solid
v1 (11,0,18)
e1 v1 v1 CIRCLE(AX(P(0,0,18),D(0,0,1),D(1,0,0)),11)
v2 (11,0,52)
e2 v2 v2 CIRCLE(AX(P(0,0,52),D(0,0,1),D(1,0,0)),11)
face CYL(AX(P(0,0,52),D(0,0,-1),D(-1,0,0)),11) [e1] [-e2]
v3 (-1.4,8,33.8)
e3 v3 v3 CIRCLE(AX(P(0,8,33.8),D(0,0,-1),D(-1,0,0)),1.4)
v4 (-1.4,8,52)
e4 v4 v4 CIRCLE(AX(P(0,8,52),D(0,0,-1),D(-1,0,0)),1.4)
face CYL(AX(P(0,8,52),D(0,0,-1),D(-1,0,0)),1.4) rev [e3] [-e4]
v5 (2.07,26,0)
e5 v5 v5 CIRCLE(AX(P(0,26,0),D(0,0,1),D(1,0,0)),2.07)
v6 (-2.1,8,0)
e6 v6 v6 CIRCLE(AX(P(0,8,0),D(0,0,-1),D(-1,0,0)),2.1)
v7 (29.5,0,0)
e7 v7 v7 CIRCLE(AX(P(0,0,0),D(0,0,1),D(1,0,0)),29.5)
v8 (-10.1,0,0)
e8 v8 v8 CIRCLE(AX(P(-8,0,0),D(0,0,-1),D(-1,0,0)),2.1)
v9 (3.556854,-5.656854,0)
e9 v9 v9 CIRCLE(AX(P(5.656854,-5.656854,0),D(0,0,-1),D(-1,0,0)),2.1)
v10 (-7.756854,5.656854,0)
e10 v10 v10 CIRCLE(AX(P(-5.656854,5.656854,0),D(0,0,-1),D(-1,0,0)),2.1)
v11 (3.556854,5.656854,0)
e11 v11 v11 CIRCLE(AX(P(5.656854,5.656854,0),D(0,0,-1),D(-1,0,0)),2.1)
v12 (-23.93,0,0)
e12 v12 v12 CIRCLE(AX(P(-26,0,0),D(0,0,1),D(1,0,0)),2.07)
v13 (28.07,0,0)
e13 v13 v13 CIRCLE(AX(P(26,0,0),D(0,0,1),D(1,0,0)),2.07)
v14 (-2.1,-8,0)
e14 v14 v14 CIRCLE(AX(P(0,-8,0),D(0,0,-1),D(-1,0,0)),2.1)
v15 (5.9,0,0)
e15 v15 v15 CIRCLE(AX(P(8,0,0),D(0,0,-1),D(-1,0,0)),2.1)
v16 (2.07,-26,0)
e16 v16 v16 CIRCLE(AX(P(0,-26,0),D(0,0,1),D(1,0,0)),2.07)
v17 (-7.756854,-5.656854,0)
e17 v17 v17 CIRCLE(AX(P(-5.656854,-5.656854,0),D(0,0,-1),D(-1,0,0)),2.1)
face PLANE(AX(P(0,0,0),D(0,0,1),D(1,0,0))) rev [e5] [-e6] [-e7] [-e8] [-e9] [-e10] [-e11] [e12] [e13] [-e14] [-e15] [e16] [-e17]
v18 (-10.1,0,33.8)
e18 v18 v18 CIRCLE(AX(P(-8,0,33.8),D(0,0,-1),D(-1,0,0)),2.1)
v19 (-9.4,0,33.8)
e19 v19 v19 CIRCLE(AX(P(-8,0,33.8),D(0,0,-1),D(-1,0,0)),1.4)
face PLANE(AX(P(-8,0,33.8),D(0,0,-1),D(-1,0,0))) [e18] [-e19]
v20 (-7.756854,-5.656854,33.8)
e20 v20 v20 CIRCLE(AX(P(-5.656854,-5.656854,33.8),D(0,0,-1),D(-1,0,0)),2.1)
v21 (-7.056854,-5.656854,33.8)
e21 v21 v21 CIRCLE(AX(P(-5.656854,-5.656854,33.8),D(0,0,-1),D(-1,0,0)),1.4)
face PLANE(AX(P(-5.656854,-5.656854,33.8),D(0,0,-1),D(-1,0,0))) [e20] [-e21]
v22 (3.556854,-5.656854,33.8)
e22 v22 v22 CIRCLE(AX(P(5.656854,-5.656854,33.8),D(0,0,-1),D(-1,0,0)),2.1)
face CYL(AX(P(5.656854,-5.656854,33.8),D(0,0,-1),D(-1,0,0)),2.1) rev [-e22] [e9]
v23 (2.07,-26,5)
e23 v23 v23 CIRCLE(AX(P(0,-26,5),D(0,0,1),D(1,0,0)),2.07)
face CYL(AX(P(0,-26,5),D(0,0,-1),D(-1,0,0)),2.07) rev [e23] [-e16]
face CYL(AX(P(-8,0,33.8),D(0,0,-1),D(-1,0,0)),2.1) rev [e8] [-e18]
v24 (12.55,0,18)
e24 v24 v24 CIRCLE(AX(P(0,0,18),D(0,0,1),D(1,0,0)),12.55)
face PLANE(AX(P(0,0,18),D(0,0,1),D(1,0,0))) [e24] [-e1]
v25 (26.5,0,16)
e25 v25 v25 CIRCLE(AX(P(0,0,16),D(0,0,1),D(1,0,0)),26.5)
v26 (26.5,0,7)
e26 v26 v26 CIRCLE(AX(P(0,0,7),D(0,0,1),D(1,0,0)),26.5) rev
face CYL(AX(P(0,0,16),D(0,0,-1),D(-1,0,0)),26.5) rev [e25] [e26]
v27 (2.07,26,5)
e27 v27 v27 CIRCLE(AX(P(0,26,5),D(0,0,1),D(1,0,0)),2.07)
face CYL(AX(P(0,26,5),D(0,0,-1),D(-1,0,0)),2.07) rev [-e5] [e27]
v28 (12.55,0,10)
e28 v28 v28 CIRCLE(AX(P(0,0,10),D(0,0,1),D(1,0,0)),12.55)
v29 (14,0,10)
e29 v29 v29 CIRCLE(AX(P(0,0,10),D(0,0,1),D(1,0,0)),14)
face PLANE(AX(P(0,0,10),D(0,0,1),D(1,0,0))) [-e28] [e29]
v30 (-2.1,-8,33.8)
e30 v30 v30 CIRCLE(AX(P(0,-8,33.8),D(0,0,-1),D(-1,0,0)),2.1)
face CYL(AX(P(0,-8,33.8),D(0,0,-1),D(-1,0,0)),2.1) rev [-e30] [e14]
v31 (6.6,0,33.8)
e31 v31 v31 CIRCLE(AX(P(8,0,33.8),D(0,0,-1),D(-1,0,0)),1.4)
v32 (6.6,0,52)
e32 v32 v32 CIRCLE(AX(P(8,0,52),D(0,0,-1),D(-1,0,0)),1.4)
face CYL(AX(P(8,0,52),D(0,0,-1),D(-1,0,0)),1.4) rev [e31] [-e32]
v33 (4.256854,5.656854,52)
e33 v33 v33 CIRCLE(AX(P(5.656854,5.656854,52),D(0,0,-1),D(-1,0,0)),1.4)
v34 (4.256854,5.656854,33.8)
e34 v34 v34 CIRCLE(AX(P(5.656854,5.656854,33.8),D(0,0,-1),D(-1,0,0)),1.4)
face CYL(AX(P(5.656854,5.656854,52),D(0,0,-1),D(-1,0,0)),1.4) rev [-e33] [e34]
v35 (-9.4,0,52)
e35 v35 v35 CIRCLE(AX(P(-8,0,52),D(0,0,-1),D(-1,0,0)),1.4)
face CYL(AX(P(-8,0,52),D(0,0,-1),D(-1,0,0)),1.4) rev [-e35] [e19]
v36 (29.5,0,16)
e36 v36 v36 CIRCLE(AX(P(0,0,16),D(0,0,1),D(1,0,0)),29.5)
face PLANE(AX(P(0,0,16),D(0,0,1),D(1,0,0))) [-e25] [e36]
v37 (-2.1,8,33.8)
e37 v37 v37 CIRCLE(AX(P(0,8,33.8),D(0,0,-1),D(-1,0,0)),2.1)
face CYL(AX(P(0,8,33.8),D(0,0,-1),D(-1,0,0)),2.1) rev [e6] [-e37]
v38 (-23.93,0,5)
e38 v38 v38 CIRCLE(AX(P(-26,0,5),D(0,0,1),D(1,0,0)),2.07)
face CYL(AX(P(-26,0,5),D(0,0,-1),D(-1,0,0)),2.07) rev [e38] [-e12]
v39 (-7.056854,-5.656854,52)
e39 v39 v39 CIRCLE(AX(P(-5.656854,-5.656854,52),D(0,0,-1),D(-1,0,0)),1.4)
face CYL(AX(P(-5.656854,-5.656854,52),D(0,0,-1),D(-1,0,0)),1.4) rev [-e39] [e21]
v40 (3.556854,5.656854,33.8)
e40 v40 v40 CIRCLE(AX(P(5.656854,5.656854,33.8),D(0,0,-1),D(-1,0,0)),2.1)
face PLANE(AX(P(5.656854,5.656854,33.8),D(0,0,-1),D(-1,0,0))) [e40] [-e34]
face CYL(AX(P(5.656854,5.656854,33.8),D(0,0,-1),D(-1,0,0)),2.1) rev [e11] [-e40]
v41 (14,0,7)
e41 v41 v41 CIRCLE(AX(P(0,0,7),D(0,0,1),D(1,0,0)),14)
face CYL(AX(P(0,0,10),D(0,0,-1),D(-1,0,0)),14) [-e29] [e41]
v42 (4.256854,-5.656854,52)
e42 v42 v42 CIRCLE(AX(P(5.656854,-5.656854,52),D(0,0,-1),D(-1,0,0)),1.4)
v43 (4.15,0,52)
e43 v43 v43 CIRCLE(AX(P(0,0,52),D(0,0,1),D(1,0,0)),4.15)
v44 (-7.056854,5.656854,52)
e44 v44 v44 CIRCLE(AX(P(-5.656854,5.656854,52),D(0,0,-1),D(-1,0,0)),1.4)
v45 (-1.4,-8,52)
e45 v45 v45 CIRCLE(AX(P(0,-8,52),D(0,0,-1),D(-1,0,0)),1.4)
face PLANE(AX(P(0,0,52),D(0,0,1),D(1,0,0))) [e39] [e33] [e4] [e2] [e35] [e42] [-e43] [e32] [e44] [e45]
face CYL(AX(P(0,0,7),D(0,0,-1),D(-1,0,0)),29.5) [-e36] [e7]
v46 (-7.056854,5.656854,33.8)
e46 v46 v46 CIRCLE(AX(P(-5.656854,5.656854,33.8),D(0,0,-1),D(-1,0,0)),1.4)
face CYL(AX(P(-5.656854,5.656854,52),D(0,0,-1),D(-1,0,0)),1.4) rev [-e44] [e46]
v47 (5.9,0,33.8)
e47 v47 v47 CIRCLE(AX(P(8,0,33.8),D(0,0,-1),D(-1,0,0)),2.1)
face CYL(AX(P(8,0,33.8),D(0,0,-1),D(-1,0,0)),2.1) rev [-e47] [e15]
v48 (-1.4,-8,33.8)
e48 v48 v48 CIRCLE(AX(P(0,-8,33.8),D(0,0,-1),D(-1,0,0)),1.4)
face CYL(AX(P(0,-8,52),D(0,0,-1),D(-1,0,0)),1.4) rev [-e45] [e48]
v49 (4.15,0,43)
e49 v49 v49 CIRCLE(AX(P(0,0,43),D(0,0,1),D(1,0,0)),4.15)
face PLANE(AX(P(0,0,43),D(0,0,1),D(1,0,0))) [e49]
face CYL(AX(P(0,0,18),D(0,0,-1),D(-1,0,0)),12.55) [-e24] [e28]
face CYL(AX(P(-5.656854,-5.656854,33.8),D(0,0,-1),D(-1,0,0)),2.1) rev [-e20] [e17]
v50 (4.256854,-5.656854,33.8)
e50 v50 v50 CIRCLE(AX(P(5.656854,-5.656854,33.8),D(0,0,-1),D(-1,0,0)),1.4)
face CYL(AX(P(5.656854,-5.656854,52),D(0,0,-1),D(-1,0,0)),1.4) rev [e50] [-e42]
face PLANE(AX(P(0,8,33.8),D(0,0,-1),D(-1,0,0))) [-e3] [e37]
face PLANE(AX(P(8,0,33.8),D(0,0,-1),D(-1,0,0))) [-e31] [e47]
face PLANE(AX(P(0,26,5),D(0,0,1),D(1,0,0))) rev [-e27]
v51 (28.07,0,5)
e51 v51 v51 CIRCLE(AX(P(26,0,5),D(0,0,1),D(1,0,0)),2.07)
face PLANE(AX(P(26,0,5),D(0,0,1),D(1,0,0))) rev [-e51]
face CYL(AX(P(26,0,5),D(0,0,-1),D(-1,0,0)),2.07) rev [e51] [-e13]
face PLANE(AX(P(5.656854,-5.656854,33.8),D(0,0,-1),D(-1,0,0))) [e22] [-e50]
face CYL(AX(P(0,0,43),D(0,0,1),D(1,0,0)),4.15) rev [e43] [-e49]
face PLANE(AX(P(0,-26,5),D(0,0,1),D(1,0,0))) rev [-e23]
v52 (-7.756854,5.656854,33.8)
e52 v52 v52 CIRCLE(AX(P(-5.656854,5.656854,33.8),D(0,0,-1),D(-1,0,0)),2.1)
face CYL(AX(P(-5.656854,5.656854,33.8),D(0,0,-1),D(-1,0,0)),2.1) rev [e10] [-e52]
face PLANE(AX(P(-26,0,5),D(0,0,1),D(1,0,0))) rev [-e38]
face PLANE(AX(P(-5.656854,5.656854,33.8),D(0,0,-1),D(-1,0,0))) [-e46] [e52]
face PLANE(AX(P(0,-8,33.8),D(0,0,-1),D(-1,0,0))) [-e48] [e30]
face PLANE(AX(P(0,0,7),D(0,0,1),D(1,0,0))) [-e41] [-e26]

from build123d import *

# Parameters (mm, degrees)
SKETCH2_R           = 29.5
BOSS_EXTRUDE1_DEPTH = 7
SKETCH3_R           = 14
BOSS_EXTRUDE2_DEPTH = 3
SKETCH5_R           = 12.55
BOSS_EXTRUDE3_DEPTH = 8
SKETCH6_R           = 11
BOSS_EXTRUDE4_DEPTH = 34
SKETCH7_R           = 2.1
CUT_EXTRUDE1_DEPTH  = 33.8
SKETCH8_R           = 1.4
CUT_EXTRUDE2_DEPTH  = 19.2
SKETCH9_R           = 4.15
CUT_EXTRUDE3_DEPTH  = 9
SKETCH10_R          = 2.07
CUT_EXTRUDE4_DEPTH  = 5
SKETCH11_R          = 29.5
SKETCH11_R_2        = 26.5
BOSS_EXTRUDE5_DEPTH = 9


with BuildPart() as part:
    # Sketch2 → Boss-Extrude1 (new body)
    with BuildSketch(Plane.XY):
        Circle(SKETCH2_R)
    extrude(amount=BOSS_EXTRUDE1_DEPTH)

    # Sketch3 → Boss-Extrude2 (add)
    with BuildSketch(Plane.XY.offset(7)):
        Circle(SKETCH3_R)
    extrude(amount=BOSS_EXTRUDE2_DEPTH)

    # Sketch5 → Boss-Extrude3 (add)
    with BuildSketch(Plane.XY.offset(10)):
        Circle(SKETCH5_R)
    extrude(amount=BOSS_EXTRUDE3_DEPTH)

    # Sketch6 → Boss-Extrude4 (add)
    with BuildSketch(Plane.XY.offset(18)):
        Circle(SKETCH6_R)
    extrude(amount=BOSS_EXTRUDE4_DEPTH)

    # Sketch7 → Cut-Extrude1 (cut)
    with BuildSketch(Plane(origin=(0, 0, 0), x_dir=(-1, 0, 0), z_dir=(0, 0, -1))):
        with Locations((8, 0)):
            Circle(SKETCH7_R)
        with Locations((5.656854249, -5.656854249)):
            Circle(SKETCH7_R)
        with Locations((0, -8)):
            Circle(SKETCH7_R)
        with Locations((-5.656854249, -5.656854249)):
            Circle(SKETCH7_R)
        with Locations((-8, 0)):
            Circle(SKETCH7_R)
        with Locations((-5.656854249, 5.656854249)):
            Circle(SKETCH7_R)
        with Locations((0, 8)):
            Circle(SKETCH7_R)
        with Locations((5.656854249, 5.656854249)):
            Circle(SKETCH7_R)
    extrude(amount=-CUT_EXTRUDE1_DEPTH, mode=Mode.SUBTRACT)

    # Sketch8 → Cut-Extrude2 (cut, through all)
    with BuildSketch(Plane(origin=(0, 0, 33.8), x_dir=(-1, 0, 0), z_dir=(0, 0, -1))):
        with Locations((-8, 0)):
            Circle(SKETCH8_R)
        with Locations((-5.656854249, 5.656854249)):
            Circle(SKETCH8_R)
        with Locations((0, 8)):
            Circle(SKETCH8_R)
        with Locations((5.656854249, 5.656854249)):
            Circle(SKETCH8_R)
        with Locations((8, 0)):
            Circle(SKETCH8_R)
        with Locations((5.656854249, -5.656854249)):
            Circle(SKETCH8_R)
        with Locations((0, -8)):
            Circle(SKETCH8_R)
        with Locations((-5.656854249, -5.656854249)):
            Circle(SKETCH8_R)
    extrude(amount=-CUT_EXTRUDE2_DEPTH, mode=Mode.SUBTRACT)

    # Sketch9 → Cut-Extrude3 (cut)
    with BuildSketch(Plane.XY.offset(52)):
        Circle(SKETCH9_R)
    extrude(amount=-CUT_EXTRUDE3_DEPTH, mode=Mode.SUBTRACT)

    # Sketch10 → Cut-Extrude4 (cut)
    with BuildSketch(Plane.XY):
        with Locations((-26, 0)):
            Circle(SKETCH10_R)
        with Locations((0, 26)):
            Circle(SKETCH10_R)
        with Locations((26, 0)):
            Circle(SKETCH10_R)
        with Locations((0, -26)):
            Circle(SKETCH10_R)
    extrude(amount=CUT_EXTRUDE4_DEPTH, mode=Mode.SUBTRACT)

    # Sketch11 → Boss-Extrude5 (add)
    with BuildSketch(Plane.XY.offset(7)):
        Circle(SKETCH11_R)
        Circle(SKETCH11_R_2, mode=Mode.SUBTRACT)
    extrude(amount=BOSS_EXTRUDE5_DEPTH)


solid = part.part
